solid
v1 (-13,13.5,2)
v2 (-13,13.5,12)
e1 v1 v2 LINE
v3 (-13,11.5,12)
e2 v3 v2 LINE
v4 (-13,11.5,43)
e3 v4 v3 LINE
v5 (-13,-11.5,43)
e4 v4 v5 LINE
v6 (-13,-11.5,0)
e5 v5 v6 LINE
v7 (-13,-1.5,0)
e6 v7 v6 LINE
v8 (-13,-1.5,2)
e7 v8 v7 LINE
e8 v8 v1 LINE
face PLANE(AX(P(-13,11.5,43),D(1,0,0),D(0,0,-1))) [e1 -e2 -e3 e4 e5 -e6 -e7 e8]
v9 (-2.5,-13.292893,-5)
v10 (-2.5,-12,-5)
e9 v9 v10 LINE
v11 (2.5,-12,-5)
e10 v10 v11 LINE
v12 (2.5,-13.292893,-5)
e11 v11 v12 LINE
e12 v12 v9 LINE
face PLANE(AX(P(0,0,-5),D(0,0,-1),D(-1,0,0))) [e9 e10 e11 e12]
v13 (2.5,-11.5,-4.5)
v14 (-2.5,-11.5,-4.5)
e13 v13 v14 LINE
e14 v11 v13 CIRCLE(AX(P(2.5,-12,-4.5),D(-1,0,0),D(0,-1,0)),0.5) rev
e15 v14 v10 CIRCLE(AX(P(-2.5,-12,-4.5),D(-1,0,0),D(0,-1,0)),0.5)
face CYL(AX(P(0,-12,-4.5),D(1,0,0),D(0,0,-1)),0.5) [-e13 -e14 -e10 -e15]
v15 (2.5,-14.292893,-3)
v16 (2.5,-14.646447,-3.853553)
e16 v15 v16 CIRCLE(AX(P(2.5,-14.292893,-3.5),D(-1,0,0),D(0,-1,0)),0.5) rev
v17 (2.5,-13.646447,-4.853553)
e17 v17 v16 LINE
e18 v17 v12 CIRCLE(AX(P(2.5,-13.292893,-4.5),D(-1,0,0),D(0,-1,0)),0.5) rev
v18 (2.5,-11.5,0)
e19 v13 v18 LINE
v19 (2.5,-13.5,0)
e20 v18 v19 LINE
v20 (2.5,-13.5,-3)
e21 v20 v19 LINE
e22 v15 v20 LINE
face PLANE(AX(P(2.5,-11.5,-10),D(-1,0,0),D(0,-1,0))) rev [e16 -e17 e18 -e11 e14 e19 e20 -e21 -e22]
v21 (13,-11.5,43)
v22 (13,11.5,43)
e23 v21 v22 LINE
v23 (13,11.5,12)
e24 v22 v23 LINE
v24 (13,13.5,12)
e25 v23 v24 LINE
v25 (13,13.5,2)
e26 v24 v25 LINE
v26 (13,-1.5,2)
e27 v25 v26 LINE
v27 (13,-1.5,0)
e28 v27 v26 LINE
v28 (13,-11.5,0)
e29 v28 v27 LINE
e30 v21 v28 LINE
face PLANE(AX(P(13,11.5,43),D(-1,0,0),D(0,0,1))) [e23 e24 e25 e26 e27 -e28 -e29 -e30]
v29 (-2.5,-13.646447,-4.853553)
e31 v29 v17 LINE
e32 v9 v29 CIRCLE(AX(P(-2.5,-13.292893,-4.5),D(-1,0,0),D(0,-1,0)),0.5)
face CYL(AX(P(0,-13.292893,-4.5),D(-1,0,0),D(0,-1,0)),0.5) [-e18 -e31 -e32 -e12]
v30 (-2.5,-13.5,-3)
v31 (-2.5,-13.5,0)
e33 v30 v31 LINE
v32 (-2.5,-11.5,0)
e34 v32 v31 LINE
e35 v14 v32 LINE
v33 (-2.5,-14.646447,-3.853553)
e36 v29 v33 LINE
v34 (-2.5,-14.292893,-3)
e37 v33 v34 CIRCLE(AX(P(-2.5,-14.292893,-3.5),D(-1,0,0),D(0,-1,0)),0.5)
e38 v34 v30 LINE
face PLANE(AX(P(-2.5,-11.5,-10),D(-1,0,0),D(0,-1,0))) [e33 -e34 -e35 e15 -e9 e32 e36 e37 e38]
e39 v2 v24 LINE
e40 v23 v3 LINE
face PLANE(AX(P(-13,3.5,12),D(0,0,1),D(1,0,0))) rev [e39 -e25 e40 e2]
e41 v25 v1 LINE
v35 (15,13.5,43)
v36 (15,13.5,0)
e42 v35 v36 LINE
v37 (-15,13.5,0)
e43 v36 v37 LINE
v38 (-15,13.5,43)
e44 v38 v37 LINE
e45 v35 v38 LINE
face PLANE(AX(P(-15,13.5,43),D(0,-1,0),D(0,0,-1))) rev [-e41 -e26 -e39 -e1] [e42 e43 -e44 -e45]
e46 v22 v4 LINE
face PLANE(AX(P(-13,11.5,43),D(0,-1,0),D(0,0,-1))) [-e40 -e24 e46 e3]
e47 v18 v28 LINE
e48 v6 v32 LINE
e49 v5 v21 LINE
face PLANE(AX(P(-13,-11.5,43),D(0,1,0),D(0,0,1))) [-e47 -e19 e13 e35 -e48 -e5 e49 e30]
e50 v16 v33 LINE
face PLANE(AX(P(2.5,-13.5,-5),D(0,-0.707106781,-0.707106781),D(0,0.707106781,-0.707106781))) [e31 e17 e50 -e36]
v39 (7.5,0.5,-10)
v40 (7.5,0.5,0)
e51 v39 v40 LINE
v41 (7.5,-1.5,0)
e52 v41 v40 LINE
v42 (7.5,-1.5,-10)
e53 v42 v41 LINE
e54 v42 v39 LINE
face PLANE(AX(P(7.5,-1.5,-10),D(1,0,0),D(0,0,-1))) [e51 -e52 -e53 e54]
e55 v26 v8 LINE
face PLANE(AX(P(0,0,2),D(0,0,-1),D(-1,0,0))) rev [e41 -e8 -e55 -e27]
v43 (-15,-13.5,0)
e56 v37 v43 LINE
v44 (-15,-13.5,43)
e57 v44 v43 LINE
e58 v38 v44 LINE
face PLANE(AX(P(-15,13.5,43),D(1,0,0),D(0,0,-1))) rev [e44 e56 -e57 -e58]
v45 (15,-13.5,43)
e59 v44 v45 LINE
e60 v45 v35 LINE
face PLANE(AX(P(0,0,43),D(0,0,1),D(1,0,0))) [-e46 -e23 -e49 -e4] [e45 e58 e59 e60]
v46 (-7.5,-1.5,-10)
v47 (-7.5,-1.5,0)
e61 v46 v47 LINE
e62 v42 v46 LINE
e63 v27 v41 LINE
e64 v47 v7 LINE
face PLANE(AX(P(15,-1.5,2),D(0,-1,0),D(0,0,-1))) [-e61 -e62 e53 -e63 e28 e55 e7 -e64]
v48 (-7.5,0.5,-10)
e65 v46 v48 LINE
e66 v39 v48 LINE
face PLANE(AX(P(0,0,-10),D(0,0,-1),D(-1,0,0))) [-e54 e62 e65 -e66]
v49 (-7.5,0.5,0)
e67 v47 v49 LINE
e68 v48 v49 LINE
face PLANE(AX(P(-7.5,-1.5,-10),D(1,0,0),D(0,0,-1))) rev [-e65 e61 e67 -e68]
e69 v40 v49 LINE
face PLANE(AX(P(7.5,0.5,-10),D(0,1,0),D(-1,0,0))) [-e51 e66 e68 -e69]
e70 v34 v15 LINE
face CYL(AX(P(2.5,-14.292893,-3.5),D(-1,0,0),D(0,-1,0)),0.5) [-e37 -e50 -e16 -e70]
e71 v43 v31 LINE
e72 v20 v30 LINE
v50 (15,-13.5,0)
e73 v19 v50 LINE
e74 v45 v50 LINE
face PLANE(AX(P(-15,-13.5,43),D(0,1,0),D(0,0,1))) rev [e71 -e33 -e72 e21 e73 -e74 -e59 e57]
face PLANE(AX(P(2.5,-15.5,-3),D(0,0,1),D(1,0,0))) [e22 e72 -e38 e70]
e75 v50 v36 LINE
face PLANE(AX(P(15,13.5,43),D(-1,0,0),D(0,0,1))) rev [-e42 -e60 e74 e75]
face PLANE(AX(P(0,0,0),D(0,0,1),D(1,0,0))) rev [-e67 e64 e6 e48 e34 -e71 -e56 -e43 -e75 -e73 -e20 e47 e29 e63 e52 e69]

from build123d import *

# Parameters (mm, degrees)
SKETCH1_W           = 30
SKETCH1_H           = 27
SKETCH1_W_2         = 26
SKETCH1_H_2         = 23
BOSS_EXTRUDE1_DEPTH = 43
SKETCH3_W           = 30
SKETCH3_H           = 15
BOSS_EXTRUDE2_DEPTH = 2
SKETCH5_W           = 15
SKETCH5_H           = 2
SKETCH5_W_2         = 5
BOSS_EXTRUDE3_DEPTH = 10
BOSS_EXTRUDE4_DEPTH = 5
SKETCH7_W           = 5
SKETCH7_H           = 2
CUT_EXTRUDE1_DEPTH  = 5
FILLET3_R           = 0.5
SKETCH8_W           = 26
SKETCH8_H           = 10
CUT_EXTRUDE2_DEPTH  = 10


with BuildPart() as part:
    # Sketch1 → Boss-Extrude1 (new body)
    with BuildSketch(Plane.XY):
        Rectangle(SKETCH1_W, SKETCH1_H)
        Rectangle(SKETCH1_W_2, SKETCH1_H_2, mode=Mode.SUBTRACT)
    extrude(amount=BOSS_EXTRUDE1_DEPTH)

    # Sketch3 → Boss-Extrude2 (add)
    with BuildSketch(Plane(origin=(0, 0, 0), x_dir=(-1, 0, 0), z_dir=(0, 0, -1))):
        with Locations((0, 6)):
            Rectangle(SKETCH3_W, SKETCH3_H)
    extrude(amount=-BOSS_EXTRUDE2_DEPTH)

    # Sketch5 → Boss-Extrude3 (add)
    with BuildSketch(Plane(origin=(0, 0, 0), x_dir=(-1, 0, 0), z_dir=(0, 0, -1))):
        with Locations((0, -0.5)):
            Rectangle(SKETCH5_W, SKETCH5_H)
        with Locations((0, -12.5)):
            Rectangle(SKETCH5_W_2, SKETCH5_H)
    extrude(amount=BOSS_EXTRUDE3_DEPTH)

    # Sketch6 → Boss-Extrude4 (add)
    with BuildSketch(Plane.ZY.offset(2.5)):
        Polygon((-5, -13.5), (-3, -15.5), (-3, -13.5), align=None)
    extrude(amount=-BOSS_EXTRUDE4_DEPTH)

    # Sketch7 → Cut-Extrude1 (cut)
    with BuildSketch(Plane(origin=(0, 0, -10), x_dir=(-1, 0, 0), z_dir=(0, 0, -1))):
        with Locations((0, -12.5)):
            Rectangle(SKETCH7_W, SKETCH7_H)
    extrude(amount=-CUT_EXTRUDE1_DEPTH, mode=Mode.SUBTRACT)

    # Fillet3
    fillet3_edges = [part.edges().sort_by_distance(p)[0] for p in [
        (0, -13.5, -5),
        (0, -15.5, -3),
        (0, -11.5, -5),
    ]]
    fillet(fillet3_edges, radius=FILLET3_R)

    # Sketch8 → Cut-Extrude2 (cut)
    with BuildSketch(Plane(origin=(0, 13.5, 0), x_dir=(1, 0, 0), z_dir=(0, 1, 0))):
        with Locations((0, -7)):
            Rectangle(SKETCH8_W, SKETCH8_H)
    extrude(amount=-CUT_EXTRUDE2_DEPTH, mode=Mode.SUBTRACT)


solid = part.part
